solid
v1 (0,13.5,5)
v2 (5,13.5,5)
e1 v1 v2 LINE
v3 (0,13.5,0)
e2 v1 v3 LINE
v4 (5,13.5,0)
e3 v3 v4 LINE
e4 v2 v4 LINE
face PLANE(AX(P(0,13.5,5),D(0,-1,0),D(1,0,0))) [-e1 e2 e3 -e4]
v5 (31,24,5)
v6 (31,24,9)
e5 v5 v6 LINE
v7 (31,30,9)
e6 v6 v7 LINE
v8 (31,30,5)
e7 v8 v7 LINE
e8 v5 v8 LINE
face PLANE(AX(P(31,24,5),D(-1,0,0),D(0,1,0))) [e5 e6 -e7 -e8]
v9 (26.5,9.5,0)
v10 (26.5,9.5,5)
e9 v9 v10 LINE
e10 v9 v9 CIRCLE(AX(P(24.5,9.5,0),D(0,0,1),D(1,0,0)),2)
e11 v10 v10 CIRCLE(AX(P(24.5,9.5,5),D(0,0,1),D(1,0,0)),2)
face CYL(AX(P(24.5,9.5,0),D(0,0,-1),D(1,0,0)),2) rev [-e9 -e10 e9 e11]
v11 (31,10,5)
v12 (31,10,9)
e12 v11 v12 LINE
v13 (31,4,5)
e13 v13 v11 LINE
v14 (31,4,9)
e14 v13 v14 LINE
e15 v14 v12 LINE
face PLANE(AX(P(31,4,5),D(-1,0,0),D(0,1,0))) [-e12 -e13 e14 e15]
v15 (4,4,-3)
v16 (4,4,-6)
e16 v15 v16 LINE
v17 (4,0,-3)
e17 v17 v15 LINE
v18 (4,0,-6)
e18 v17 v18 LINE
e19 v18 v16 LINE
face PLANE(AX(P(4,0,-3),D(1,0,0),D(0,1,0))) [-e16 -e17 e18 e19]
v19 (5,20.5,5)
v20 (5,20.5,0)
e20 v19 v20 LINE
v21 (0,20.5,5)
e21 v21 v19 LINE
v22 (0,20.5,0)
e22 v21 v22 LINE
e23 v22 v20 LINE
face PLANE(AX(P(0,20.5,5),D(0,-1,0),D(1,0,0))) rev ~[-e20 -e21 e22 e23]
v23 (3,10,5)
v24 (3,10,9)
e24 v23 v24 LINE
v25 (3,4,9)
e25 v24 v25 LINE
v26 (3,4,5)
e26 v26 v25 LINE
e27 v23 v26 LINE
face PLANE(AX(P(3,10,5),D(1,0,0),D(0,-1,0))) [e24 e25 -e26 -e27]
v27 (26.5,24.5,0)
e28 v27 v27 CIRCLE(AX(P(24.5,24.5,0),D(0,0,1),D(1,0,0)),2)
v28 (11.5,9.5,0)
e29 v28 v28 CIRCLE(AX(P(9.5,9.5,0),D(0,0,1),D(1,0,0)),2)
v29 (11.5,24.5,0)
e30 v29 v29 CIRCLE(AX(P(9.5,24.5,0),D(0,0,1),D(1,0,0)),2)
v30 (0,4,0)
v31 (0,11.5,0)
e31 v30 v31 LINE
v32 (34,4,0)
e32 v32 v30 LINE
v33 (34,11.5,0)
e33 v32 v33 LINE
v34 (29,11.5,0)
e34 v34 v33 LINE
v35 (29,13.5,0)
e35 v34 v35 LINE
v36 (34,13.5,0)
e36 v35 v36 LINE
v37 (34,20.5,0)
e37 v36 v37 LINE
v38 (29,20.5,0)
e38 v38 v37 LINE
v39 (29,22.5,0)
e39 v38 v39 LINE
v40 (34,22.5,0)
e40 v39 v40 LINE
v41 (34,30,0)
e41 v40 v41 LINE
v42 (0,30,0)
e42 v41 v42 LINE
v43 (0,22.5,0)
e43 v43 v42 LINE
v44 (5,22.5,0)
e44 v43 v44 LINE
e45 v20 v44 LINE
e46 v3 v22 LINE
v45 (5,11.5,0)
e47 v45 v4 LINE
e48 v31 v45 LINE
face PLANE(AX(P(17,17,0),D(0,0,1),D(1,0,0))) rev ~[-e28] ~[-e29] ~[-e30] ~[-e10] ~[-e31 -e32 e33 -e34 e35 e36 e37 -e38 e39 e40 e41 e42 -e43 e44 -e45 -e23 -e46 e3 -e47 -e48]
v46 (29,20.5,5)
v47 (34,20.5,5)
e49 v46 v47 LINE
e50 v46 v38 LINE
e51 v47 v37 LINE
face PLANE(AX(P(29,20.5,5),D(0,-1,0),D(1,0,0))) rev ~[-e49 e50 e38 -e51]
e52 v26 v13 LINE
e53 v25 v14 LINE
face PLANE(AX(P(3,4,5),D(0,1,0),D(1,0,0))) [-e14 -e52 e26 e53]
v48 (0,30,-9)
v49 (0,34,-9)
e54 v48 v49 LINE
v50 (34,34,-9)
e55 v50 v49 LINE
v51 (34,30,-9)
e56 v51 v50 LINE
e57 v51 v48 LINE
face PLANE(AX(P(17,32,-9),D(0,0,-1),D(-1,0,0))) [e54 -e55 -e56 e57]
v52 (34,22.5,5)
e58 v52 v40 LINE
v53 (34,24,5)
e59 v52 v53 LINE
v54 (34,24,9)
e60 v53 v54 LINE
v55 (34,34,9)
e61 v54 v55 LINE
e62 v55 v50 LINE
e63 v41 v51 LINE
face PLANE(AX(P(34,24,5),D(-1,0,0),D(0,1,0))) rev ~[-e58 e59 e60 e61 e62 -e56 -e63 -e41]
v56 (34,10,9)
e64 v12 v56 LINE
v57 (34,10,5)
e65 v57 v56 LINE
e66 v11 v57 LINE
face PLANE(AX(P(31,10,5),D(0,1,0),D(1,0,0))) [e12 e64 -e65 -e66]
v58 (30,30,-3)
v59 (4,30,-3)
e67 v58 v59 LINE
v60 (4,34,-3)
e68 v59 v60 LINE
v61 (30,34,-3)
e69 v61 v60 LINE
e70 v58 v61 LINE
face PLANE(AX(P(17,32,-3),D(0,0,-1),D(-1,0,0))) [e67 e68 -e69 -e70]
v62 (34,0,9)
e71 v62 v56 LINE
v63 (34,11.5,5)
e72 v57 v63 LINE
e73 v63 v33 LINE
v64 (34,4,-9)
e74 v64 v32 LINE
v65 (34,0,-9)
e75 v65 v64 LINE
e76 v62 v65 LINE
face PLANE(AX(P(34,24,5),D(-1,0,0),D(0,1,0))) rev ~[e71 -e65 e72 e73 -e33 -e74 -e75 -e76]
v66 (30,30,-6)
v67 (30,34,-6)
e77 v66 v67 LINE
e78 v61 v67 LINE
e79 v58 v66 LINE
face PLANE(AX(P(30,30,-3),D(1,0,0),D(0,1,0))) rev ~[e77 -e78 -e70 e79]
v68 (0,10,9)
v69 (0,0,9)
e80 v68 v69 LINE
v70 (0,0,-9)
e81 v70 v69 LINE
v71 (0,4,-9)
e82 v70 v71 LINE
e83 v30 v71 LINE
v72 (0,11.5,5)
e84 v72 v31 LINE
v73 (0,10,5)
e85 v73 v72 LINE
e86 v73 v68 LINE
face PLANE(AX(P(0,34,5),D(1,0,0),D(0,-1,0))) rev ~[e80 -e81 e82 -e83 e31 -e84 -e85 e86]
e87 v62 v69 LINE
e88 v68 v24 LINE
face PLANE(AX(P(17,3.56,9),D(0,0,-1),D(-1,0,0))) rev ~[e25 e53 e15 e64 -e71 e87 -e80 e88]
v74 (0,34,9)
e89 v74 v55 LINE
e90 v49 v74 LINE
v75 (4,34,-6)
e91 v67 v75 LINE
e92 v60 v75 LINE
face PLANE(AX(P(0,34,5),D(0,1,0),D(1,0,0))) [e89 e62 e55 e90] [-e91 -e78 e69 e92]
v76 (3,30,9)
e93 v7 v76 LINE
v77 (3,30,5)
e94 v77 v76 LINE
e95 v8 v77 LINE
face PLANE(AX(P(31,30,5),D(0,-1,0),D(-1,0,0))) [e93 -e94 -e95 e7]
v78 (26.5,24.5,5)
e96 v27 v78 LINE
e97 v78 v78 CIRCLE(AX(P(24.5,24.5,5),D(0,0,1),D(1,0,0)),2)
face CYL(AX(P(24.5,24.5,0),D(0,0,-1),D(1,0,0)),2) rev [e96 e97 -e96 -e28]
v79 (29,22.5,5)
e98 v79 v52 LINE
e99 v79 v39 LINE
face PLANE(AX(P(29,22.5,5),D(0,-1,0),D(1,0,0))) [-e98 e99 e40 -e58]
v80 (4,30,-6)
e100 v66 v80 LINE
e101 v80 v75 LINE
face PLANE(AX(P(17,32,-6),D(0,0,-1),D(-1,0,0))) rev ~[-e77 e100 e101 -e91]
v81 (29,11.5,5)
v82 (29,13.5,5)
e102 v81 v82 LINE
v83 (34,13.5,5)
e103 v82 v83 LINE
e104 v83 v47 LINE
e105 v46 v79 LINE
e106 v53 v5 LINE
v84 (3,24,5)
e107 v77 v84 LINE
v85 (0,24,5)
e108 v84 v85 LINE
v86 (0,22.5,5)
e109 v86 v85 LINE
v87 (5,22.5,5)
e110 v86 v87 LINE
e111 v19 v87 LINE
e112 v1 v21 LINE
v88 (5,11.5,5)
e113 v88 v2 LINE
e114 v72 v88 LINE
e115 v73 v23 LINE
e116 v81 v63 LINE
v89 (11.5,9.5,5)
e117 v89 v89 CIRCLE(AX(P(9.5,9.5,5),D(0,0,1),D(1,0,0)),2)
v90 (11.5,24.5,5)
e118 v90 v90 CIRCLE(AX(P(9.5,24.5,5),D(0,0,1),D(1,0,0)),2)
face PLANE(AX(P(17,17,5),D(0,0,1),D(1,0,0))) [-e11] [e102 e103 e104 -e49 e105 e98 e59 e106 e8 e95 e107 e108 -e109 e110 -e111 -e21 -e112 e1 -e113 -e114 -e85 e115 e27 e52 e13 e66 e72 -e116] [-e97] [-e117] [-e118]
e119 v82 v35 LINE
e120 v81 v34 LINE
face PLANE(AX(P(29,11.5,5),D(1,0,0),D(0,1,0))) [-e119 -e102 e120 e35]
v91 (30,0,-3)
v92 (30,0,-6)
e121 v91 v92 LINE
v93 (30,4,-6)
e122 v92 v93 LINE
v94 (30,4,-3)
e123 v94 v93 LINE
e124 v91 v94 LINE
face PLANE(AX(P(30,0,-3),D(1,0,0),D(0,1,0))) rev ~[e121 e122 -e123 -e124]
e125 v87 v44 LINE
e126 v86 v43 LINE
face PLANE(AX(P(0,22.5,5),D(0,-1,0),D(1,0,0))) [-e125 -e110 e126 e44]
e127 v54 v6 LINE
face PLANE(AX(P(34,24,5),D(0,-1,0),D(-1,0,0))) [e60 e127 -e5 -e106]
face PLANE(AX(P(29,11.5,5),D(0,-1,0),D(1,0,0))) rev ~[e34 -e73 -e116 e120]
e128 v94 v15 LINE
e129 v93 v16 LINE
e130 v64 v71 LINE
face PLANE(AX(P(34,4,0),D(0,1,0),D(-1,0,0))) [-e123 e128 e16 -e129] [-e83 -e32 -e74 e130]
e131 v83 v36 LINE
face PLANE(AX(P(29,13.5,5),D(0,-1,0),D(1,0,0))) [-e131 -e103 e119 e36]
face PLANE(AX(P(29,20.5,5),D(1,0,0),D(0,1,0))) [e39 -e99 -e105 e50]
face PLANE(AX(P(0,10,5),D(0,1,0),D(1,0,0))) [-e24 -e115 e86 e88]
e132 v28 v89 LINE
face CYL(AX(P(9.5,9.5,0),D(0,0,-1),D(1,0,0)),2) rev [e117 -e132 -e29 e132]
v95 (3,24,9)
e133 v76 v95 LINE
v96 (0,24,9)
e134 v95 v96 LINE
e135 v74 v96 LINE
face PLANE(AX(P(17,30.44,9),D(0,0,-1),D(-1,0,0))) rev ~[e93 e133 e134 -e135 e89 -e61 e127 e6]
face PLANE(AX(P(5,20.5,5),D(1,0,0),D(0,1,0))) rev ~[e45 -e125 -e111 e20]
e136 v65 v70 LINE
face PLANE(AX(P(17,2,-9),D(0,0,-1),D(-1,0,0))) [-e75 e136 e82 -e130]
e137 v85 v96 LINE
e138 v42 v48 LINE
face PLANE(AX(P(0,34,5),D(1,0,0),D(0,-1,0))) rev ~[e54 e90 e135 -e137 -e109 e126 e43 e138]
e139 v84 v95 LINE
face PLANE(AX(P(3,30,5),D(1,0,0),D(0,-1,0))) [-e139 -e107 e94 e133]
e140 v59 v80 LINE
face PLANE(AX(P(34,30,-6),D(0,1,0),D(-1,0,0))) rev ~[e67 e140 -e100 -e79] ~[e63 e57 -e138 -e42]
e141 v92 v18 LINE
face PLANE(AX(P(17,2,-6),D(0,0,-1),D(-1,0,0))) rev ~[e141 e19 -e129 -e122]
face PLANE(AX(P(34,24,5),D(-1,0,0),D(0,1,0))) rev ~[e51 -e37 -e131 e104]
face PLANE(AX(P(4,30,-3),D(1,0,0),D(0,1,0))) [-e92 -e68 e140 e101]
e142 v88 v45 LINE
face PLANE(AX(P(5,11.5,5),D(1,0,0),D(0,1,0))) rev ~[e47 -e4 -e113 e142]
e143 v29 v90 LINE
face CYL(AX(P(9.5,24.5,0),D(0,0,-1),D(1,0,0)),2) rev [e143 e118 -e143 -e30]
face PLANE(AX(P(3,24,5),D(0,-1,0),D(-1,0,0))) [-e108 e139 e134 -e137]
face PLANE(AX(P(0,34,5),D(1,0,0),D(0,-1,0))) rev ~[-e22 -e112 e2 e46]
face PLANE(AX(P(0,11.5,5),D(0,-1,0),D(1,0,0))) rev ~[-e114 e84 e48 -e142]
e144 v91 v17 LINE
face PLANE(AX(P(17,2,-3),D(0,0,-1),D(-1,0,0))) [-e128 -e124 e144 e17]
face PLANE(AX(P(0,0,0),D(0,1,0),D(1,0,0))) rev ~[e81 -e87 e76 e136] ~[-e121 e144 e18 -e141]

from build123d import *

# Parameters (mm, degrees)
SKETCH1_W          = 34
SKETCH1_H          = 34
SKETCH1_R          = 2
BODY_DEPTH         = 5
SKETCH2_W          = 34
SKETCH2_H          = 4
LEG1_DEPTH         = 3
SKETCH3_W          = 4
SKETCH3_H          = 4
LEG2_DEPTH         = 3
SKETCH4_W          = 34
SKETCH4_H          = 4
LEG3_DEPTH         = 3
WALLS_DEPTH        = 4
SKETCH6_W          = 5
SKETCH6_H          = 2
CUT_EXTRUDE1_DEPTH = 5


with BuildPart() as part:
    # Sketch1 → Body (new body)
    with BuildSketch(Plane.XY):
        with Locations((17, 17)):
            Rectangle(SKETCH1_W, SKETCH1_H)
        with Locations((24.5, 24.5)):
            Circle(SKETCH1_R, mode=Mode.SUBTRACT)
        with Locations((9.5, 24.5)):
            Circle(SKETCH1_R, mode=Mode.SUBTRACT)
        with Locations((9.5, 9.5)):
            Circle(SKETCH1_R, mode=Mode.SUBTRACT)
        with Locations((24.5, 9.5)):
            Circle(SKETCH1_R, mode=Mode.SUBTRACT)
    extrude(amount=BODY_DEPTH)

    # Sketch2 → Leg1 (add)
    with BuildSketch(Plane(origin=(0, 0, 0), x_dir=(-1, 0, 0), z_dir=(0, 0, -1))):
        with Locations((-17, 32)):
            Rectangle(SKETCH2_W, SKETCH2_H)
        with Locations((-17, 2)):
            Rectangle(SKETCH2_W, SKETCH2_H)
    extrude(amount=LEG1_DEPTH)

    # Sketch3 → Leg2 (add)
    with BuildSketch(Plane(origin=(0, 0, -3), x_dir=(-1, 0, 0), z_dir=(0, 0, -1))):
        with Locations((-32, 32)):
            Rectangle(SKETCH3_W, SKETCH3_H)
        with Locations((-2, 32)):
            Rectangle(SKETCH3_W, SKETCH3_H)
        with Locations((-2, 2)):
            Rectangle(SKETCH3_W, SKETCH3_H)
        with Locations((-32, 2)):
            Rectangle(SKETCH3_W, SKETCH3_H)
    extrude(amount=LEG2_DEPTH)

    # Sketch4 → Leg3 (add)
    with BuildSketch(Plane(origin=(0, 0, -6), x_dir=(-1, 0, 0), z_dir=(0, 0, -1))):
        with Locations((-17, 32)):
            Rectangle(SKETCH4_W, SKETCH4_H)
        with Locations((-17, 2)):
            Rectangle(SKETCH4_W, SKETCH4_H)
    extrude(amount=LEG3_DEPTH)

    # Sketch5 → Walls (add)
    with BuildSketch(Plane.XY.offset(5)):
        Polygon((0, 34), (34, 34), (34, 30), (34, 24), (31, 24), (31, 30), (3, 30), (3, 24), (0, 24), (0, 30), align=None)
        Polygon((31, 10), (34, 10), (34, 4), (34, 0), (0, 0), (0, 4), (0, 10), (3, 10), (3, 4), (31, 4), align=None)
    extrude(amount=WALLS_DEPTH)

    # Sketch6 → Cut-Extrude1 (cut)
    with BuildSketch(Plane.XY.offset(5)):
        with Locations((2.5, 21.5)):
            Rectangle(SKETCH6_W, SKETCH6_H)
        with Locations((31.5, 21.5)):
            Rectangle(SKETCH6_W, SKETCH6_H)
        with Locations((2.5, 12.5)):
            Rectangle(SKETCH6_W, SKETCH6_H)
        with Locations((31.5, 12.5)):
            Rectangle(SKETCH6_W, SKETCH6_H)
    extrude(amount=-CUT_EXTRUDE1_DEPTH, mode=Mode.SUBTRACT)


solid = part.part
